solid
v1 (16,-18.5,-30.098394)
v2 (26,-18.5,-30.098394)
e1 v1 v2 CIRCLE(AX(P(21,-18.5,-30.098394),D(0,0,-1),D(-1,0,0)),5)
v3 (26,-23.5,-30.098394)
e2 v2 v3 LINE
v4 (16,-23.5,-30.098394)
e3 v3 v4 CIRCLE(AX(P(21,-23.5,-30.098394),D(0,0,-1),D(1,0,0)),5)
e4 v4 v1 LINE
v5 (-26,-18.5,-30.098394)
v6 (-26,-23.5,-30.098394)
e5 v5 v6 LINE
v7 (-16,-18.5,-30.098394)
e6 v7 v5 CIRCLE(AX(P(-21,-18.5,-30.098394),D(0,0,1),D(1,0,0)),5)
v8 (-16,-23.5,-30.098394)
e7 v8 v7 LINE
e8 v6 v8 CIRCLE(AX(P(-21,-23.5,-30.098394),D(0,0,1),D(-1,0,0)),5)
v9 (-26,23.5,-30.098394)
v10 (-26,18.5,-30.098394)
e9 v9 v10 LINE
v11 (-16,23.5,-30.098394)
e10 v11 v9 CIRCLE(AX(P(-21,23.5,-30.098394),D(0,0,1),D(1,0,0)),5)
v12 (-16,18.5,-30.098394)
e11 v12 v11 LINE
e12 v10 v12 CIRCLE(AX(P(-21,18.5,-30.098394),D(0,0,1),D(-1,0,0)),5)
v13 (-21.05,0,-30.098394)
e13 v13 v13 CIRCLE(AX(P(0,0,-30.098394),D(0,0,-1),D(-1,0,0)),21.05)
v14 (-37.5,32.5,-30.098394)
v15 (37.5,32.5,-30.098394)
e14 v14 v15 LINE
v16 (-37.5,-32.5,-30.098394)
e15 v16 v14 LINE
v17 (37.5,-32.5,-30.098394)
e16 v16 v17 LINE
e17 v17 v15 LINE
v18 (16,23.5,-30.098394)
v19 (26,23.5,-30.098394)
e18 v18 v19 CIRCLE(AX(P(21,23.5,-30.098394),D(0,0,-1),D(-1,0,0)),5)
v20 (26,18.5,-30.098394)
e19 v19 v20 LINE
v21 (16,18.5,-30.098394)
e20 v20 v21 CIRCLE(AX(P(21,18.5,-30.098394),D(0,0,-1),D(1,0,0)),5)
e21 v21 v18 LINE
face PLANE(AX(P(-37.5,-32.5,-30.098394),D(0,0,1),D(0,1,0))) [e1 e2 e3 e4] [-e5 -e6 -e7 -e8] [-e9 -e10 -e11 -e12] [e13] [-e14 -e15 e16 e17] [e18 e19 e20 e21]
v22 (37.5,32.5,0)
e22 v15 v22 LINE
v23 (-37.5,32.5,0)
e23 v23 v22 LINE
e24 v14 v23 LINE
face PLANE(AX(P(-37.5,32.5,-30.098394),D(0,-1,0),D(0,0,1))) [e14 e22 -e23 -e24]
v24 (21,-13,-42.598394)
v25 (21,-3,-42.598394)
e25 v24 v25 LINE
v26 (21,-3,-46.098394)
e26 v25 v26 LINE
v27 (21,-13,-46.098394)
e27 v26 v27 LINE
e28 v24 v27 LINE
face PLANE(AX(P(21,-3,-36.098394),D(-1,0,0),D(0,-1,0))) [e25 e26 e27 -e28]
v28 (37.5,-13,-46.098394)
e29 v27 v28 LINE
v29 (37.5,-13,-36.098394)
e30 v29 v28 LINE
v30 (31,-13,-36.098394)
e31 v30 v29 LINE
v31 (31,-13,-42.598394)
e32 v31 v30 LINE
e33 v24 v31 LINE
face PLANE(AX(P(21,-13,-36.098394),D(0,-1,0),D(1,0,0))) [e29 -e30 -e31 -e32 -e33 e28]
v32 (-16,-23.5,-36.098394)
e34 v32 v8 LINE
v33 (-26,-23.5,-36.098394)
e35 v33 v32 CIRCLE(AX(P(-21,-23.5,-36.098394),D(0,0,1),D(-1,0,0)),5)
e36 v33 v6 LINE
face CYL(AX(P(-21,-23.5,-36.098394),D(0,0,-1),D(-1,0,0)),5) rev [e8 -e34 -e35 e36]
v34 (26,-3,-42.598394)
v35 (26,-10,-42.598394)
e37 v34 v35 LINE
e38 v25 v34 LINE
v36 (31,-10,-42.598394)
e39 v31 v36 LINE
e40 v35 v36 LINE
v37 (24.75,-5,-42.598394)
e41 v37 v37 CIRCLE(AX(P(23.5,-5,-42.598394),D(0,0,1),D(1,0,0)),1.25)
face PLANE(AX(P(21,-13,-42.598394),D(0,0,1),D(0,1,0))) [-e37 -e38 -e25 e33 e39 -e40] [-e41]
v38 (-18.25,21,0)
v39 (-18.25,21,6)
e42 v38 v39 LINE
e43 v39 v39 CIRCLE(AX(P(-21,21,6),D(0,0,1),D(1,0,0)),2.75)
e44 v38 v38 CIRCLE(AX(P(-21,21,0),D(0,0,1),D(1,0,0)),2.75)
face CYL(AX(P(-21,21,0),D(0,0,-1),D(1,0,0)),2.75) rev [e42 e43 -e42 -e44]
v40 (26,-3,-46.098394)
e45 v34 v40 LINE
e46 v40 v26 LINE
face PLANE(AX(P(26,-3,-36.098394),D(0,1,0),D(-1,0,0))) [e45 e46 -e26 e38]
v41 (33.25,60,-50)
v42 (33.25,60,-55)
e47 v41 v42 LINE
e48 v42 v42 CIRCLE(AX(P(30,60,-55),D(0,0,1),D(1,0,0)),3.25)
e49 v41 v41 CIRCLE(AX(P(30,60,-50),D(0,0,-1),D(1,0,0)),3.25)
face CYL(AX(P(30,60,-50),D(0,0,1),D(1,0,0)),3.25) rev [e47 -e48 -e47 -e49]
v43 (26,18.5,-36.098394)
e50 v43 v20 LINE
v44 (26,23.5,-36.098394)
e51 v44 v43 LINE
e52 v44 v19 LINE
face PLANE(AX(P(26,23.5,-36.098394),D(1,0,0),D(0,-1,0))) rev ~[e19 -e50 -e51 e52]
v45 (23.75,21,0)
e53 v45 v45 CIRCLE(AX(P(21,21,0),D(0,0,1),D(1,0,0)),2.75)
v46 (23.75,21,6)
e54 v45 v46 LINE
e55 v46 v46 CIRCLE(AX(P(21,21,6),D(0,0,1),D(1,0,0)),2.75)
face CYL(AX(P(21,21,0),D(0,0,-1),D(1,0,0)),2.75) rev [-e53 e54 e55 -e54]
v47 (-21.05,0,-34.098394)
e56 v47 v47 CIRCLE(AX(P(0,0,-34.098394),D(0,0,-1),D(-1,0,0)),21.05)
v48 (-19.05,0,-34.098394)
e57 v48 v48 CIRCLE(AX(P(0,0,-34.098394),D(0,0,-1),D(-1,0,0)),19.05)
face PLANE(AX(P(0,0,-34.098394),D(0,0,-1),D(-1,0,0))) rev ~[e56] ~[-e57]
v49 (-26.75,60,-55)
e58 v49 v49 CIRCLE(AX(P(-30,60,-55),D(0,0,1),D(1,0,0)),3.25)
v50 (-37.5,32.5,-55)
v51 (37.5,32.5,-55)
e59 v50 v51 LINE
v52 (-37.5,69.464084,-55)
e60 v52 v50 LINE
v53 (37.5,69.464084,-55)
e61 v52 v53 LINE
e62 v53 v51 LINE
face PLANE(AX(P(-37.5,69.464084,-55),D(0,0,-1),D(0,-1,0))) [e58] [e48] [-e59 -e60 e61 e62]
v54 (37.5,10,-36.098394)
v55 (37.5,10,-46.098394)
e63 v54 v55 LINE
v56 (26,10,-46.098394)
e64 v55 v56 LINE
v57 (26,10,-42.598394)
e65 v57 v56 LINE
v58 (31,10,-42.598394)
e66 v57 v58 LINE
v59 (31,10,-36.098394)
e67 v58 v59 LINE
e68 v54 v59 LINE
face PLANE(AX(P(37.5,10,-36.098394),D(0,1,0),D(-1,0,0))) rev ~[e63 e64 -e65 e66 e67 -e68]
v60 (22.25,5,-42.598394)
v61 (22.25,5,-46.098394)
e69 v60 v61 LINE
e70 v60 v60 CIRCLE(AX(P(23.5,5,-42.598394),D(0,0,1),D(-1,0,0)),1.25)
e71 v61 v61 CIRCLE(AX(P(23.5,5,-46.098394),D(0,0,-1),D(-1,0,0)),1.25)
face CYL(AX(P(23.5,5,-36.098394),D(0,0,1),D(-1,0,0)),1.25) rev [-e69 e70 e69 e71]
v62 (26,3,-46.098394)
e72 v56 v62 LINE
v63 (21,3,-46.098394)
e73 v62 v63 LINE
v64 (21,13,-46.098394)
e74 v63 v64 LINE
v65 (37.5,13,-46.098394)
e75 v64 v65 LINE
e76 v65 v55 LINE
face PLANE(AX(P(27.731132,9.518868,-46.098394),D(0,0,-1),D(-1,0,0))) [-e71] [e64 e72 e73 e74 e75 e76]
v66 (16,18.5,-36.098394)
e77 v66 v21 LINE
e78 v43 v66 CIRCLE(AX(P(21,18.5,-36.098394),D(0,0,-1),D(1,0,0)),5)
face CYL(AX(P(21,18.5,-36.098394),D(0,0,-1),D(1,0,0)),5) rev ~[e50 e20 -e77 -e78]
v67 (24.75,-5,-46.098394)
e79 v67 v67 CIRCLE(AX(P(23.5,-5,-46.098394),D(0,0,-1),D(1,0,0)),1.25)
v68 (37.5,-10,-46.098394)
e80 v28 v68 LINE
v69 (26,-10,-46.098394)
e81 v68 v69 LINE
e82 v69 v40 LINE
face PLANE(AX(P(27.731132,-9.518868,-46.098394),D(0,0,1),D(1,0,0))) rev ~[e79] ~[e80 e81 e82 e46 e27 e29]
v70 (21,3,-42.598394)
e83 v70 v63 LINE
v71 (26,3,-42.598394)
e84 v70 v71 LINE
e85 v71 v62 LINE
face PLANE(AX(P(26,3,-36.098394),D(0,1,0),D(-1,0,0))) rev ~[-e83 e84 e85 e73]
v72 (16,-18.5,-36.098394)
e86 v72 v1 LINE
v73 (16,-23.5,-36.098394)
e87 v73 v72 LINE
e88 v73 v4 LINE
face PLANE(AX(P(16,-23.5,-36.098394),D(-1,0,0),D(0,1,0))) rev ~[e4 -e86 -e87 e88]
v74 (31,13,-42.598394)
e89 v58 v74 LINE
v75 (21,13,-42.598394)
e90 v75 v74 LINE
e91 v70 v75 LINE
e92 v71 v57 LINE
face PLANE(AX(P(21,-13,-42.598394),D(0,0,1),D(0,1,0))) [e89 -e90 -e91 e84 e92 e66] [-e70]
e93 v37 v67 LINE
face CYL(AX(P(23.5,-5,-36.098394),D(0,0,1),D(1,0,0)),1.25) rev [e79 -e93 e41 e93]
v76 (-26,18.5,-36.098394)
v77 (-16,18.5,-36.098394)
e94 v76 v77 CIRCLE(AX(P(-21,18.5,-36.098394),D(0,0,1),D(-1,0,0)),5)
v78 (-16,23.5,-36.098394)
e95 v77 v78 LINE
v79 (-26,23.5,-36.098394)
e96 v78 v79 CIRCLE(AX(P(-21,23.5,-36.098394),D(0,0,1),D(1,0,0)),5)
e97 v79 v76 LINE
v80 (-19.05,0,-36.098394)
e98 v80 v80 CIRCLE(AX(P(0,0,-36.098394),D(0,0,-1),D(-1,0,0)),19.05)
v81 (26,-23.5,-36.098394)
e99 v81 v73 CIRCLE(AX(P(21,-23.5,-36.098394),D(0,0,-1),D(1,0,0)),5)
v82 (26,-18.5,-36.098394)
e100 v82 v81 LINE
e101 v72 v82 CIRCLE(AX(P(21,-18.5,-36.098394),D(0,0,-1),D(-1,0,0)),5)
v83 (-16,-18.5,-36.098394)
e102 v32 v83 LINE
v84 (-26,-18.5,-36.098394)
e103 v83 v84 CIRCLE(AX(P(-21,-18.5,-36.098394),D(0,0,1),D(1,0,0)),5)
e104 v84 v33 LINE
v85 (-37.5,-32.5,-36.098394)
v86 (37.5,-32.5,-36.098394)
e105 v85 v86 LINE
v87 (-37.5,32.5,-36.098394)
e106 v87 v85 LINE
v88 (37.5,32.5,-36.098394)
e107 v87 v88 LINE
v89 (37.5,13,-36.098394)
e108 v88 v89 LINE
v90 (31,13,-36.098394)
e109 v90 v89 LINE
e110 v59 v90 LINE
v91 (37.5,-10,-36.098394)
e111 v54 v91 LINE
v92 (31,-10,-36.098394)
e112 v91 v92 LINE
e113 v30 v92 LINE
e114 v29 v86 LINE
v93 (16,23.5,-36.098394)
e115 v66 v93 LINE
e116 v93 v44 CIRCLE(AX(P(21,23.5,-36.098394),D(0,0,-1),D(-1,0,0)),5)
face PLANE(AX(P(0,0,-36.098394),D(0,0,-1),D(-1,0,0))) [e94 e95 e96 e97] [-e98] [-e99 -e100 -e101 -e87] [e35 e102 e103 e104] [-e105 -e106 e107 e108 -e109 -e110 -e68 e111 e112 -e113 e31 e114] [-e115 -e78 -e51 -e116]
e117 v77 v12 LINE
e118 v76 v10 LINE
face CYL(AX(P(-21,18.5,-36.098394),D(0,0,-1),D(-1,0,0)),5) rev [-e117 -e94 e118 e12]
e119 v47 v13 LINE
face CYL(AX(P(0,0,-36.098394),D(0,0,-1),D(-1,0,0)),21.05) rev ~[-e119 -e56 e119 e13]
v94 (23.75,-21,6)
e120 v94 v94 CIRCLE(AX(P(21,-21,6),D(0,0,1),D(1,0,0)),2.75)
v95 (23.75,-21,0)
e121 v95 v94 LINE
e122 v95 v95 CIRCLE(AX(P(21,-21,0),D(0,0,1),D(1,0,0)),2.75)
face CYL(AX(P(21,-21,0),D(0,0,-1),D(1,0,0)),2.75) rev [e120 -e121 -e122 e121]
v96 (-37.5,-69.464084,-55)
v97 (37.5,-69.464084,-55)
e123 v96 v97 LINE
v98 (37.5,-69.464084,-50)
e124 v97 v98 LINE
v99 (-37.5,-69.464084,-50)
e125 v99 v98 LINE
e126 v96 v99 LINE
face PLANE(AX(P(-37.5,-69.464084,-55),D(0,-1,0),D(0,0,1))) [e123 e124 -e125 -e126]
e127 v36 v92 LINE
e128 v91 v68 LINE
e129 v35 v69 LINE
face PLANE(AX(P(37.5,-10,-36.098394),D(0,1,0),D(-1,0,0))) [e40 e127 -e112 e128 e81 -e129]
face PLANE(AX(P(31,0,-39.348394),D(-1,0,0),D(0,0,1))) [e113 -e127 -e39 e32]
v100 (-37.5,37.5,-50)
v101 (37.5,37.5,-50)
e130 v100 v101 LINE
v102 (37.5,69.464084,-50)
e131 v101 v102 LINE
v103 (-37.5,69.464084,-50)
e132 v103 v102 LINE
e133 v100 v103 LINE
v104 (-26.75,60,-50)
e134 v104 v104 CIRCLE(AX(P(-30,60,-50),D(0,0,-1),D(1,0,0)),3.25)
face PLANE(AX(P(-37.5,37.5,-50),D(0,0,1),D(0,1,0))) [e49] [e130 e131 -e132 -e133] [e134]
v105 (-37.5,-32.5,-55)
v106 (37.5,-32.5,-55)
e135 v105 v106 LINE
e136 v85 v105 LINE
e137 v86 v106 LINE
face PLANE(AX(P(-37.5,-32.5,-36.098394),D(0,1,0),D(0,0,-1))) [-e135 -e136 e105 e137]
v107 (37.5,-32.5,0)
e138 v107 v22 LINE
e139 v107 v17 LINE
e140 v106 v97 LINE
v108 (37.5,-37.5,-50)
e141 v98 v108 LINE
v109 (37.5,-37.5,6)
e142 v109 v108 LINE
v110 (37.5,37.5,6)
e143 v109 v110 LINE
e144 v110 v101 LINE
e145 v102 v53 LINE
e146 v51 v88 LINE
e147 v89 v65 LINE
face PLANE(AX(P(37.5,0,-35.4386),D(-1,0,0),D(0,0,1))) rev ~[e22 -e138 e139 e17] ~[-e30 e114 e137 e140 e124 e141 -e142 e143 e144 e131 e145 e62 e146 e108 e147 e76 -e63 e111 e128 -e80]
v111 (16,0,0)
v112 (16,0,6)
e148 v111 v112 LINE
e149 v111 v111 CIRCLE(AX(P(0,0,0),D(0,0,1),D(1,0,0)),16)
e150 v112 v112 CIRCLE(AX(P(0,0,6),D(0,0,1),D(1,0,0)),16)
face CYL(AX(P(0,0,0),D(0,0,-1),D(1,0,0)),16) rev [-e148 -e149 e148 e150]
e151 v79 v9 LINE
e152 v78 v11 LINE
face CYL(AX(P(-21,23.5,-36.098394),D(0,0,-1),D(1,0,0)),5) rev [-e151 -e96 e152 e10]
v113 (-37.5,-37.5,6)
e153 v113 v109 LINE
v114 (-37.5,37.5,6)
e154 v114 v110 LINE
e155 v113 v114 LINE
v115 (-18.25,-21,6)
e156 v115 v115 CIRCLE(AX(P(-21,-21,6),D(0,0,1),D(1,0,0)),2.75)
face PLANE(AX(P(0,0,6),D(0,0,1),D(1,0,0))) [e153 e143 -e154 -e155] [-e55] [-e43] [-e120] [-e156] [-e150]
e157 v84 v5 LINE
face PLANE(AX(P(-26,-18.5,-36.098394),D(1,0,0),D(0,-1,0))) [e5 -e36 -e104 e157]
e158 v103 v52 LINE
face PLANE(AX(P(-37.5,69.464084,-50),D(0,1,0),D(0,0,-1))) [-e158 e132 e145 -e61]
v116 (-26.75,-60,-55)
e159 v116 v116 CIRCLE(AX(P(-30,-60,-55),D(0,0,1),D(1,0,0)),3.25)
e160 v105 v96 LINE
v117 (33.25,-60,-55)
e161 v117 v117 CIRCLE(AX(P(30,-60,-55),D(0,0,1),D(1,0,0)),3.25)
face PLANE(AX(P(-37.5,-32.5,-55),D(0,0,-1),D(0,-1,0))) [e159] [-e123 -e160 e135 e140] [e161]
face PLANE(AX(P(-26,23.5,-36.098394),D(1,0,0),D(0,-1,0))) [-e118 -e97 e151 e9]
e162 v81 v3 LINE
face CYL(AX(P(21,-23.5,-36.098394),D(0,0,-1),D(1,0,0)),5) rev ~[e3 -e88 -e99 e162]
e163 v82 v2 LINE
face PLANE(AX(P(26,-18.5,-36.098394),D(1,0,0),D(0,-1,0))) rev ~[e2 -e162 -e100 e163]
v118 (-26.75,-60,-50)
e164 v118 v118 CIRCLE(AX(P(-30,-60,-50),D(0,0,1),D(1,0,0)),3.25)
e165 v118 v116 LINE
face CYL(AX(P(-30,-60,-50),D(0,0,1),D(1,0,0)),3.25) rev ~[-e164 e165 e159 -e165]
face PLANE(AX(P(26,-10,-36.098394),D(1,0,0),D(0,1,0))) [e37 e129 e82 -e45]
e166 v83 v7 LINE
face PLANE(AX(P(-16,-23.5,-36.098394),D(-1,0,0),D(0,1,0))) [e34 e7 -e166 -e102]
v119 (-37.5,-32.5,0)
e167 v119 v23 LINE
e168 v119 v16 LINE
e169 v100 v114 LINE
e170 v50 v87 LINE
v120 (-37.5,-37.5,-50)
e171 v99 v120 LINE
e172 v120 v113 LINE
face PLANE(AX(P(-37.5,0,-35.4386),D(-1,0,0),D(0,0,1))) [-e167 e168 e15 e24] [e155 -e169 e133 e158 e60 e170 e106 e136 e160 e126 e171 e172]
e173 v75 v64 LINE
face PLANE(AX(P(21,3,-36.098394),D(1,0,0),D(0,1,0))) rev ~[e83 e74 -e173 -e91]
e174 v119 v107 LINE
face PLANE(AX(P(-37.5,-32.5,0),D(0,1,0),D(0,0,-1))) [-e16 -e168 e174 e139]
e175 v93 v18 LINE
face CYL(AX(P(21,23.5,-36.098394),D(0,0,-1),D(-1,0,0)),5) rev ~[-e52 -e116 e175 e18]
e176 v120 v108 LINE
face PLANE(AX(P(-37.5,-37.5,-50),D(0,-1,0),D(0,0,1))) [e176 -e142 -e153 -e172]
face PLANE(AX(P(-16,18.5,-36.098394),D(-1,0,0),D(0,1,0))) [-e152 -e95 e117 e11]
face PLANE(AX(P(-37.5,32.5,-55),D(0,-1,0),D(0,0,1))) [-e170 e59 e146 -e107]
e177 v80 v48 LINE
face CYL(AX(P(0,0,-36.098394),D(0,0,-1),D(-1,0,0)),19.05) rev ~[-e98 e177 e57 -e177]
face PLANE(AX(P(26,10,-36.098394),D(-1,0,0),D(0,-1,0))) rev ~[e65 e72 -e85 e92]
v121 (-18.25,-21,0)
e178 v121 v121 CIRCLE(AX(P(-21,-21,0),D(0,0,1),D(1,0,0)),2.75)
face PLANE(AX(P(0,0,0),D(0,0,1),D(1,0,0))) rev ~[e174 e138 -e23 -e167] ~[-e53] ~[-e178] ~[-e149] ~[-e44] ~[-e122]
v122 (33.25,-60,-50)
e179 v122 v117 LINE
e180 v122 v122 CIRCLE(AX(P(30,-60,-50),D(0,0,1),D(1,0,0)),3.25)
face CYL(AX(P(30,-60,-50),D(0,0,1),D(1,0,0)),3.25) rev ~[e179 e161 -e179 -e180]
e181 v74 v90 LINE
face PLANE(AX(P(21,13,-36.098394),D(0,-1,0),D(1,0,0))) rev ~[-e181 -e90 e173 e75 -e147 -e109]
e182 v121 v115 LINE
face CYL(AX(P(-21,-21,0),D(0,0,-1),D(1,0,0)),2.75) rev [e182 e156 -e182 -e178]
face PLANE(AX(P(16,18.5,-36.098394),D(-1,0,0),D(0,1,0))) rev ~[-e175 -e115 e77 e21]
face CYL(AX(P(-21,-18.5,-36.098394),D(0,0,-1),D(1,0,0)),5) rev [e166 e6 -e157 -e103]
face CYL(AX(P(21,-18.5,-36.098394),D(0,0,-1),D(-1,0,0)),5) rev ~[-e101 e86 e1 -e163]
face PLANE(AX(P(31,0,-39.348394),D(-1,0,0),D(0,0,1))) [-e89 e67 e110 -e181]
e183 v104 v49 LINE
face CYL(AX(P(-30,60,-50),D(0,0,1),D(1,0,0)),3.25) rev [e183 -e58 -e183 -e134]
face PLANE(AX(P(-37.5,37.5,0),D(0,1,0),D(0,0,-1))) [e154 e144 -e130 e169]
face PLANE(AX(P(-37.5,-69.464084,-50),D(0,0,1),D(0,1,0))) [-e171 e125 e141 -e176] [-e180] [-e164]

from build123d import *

# Parameters (mm, degrees)
SKETCH1_W           = 75
SKETCH1_H           = 75
SKETCH1_R           = 2.75
SKETCH1_R_2         = 16
BOSS_EXTRUDE1_DEPTH = 6
BOSS_EXTRUDE2_DEPTH = 75
SKETCH3_R           = 21.05
CUT_EXTRUDE1_DEPTH  = 6
SKETCH4_R           = 21.05
SKETCH4_R_2         = 19.05
BOSS_EXTRUDE3_DEPTH = 2
SKETCH5_R           = 3.25
CUT_EXTRUDE2_DEPTH  = 97.785892457
CUT_EXTRUDE3_DEPTH  = 6
SKETCH7_R           = 1.25
BOSS_EXTRUDE4_DEPTH = 10
SKETCH11_W          = 6.5
SKETCH11_H          = 26
CUT_EXTRUDE7_DEPTH  = 10


with BuildPart() as part:
    # Sketch1 → Boss-Extrude1 (new body)
    with BuildSketch(Plane.XY):
        Rectangle(SKETCH1_W, SKETCH1_H)
        with Locations((21, 21)):
            Circle(SKETCH1_R, mode=Mode.SUBTRACT)
        with Locations((21, -21)):
            Circle(SKETCH1_R, mode=Mode.SUBTRACT)
        with Locations((-21, -21)):
            Circle(SKETCH1_R, mode=Mode.SUBTRACT)
        with Locations((-21, 21)):
            Circle(SKETCH1_R, mode=Mode.SUBTRACT)
        Circle(SKETCH1_R_2, mode=Mode.SUBTRACT)
    extrude(amount=BOSS_EXTRUDE1_DEPTH)

    # Sketch2 → Boss-Extrude2 (add)
    with BuildSketch(Plane.ZY.offset(37.5)):
        Polygon((0, 37.5), (-50, 37.5), (-50, 69.464084092), (-55, 69.464084092), (-55, 32.5), (-36.09839393, 32.5), (-36.09839393, -32.5), (-55, -32.5), (-55, -69.464084092), (-50, -69.464084092), (-50, -37.5), (0, -37.5), (0, -32.5), (-30.09839393, -32.5), (-30.09839393, 32.5), (0, 32.5), align=None)
    extrude(amount=-BOSS_EXTRUDE2_DEPTH)

    # Sketch3 → Cut-Extrude1 (cut)
    with BuildSketch(Plane(origin=(0, 0, -36.09839393), x_dir=(-1, 0, 0), z_dir=(0, 0, -1))):
        Circle(SKETCH3_R)
    extrude(amount=-CUT_EXTRUDE1_DEPTH, mode=Mode.SUBTRACT)

    # Sketch4 → Boss-Extrude3 (add)
    with BuildSketch(Plane(origin=(0, 0, -36.09839393), x_dir=(-1, 0, 0), z_dir=(0, 0, -1))):
        Circle(SKETCH4_R)
        Circle(SKETCH4_R_2, mode=Mode.SUBTRACT)
    extrude(amount=-BOSS_EXTRUDE3_DEPTH)

    # Sketch5 → Cut-Extrude2 (cut, through all)
    with BuildSketch(Plane.XY.offset(-50)):
        with Locations((30, -60)):
            Circle(SKETCH5_R)
        with Locations((-30, -60)):
            Circle(SKETCH5_R)
    cut_extrude2 = extrude(amount=-CUT_EXTRUDE2_DEPTH, mode=Mode.SUBTRACT)

    # Mirror1: Cut-Extrude2 across plane
    add(cut_extrude2.mirror(Plane.ZX), mode=Mode.SUBTRACT)

    # Sketch6 → Cut-Extrude3 (cut)
    with BuildSketch(Plane(origin=(0, 0, -36.09839393), x_dir=(-1, 0, 0), z_dir=(0, 0, -1))):
        with BuildLine():
            Line((26, 23.5), (26, 18.5))
            ThreePointArc((26, 18.5), (21, 13.5), (16, 18.5))
            Line((16, 18.5), (16, 23.5))
            ThreePointArc((16, 23.5), (21, 28.5), (26, 23.5))
        make_face()
        with BuildLine():
            Line((16, -23.5), (16, -18.5))
            ThreePointArc((16, -18.5), (21, -13.5), (26, -18.5))
            Line((26, -18.5), (26, -23.5))
            ThreePointArc((26, -23.5), (21, -28.5), (16, -23.5))
        make_face()
        with BuildLine():
            Line((-16, -23.5), (-16, -18.5))
            ThreePointArc((-16, -18.5), (-21, -13.5), (-26, -18.5))
            Line((-26, -18.5), (-26, -23.5))
            ThreePointArc((-26, -23.5), (-21, -28.5), (-16, -23.5))
        make_face()
        with BuildLine():
            Line((-26, 23.5), (-26, 18.5))
            ThreePointArc((-26, 18.5), (-21, 13.5), (-16, 18.5))
            Line((-16, 18.5), (-16, 23.5))
            ThreePointArc((-16, 23.5), (-21, 28.5), (-26, 23.5))
        make_face()
    extrude(amount=-CUT_EXTRUDE3_DEPTH, mode=Mode.SUBTRACT)

    # Sketch7 → Boss-Extrude4 (add)
    # profile 1 of 2: a face of its own
    with BuildSketch(Plane(origin=(0, 0, -36.09839393), x_dir=(-1, 0, 0), z_dir=(0, 0, -1))):
        Polygon((-26, -3), (-21, -3), (-21, -13), (-37.5, -13), (-37.5, -10), (-26, -10), align=None)
        with Locations(Location((-23.5, -5, 0), (0, 0, 180))):
            Circle(SKETCH7_R, mode=Mode.SUBTRACT)
    # profile 2 of 2: a face of its own
    with BuildSketch(Plane(origin=(0, 0, -36.09839393), x_dir=(-1, 0, 0), z_dir=(0, 0, -1))):
        Polygon((-21, 13), (-37.5, 13), (-37.5, 10), (-26, 10), (-26, 3), (-21, 3), align=None)
        with Locations((-23.5, 5)):
            Circle(SKETCH7_R, mode=Mode.SUBTRACT)
    extrude(amount=BOSS_EXTRUDE4_DEPTH)

    # Sketch11 → Cut-Extrude7 (cut)
    with BuildSketch(Plane.ZY.offset(-21)):
        with Locations((-39.34839393, 0)):
            Rectangle(SKETCH11_W, SKETCH11_H)
    extrude(amount=-CUT_EXTRUDE7_DEPTH, mode=Mode.SUBTRACT)


solid = part.part
